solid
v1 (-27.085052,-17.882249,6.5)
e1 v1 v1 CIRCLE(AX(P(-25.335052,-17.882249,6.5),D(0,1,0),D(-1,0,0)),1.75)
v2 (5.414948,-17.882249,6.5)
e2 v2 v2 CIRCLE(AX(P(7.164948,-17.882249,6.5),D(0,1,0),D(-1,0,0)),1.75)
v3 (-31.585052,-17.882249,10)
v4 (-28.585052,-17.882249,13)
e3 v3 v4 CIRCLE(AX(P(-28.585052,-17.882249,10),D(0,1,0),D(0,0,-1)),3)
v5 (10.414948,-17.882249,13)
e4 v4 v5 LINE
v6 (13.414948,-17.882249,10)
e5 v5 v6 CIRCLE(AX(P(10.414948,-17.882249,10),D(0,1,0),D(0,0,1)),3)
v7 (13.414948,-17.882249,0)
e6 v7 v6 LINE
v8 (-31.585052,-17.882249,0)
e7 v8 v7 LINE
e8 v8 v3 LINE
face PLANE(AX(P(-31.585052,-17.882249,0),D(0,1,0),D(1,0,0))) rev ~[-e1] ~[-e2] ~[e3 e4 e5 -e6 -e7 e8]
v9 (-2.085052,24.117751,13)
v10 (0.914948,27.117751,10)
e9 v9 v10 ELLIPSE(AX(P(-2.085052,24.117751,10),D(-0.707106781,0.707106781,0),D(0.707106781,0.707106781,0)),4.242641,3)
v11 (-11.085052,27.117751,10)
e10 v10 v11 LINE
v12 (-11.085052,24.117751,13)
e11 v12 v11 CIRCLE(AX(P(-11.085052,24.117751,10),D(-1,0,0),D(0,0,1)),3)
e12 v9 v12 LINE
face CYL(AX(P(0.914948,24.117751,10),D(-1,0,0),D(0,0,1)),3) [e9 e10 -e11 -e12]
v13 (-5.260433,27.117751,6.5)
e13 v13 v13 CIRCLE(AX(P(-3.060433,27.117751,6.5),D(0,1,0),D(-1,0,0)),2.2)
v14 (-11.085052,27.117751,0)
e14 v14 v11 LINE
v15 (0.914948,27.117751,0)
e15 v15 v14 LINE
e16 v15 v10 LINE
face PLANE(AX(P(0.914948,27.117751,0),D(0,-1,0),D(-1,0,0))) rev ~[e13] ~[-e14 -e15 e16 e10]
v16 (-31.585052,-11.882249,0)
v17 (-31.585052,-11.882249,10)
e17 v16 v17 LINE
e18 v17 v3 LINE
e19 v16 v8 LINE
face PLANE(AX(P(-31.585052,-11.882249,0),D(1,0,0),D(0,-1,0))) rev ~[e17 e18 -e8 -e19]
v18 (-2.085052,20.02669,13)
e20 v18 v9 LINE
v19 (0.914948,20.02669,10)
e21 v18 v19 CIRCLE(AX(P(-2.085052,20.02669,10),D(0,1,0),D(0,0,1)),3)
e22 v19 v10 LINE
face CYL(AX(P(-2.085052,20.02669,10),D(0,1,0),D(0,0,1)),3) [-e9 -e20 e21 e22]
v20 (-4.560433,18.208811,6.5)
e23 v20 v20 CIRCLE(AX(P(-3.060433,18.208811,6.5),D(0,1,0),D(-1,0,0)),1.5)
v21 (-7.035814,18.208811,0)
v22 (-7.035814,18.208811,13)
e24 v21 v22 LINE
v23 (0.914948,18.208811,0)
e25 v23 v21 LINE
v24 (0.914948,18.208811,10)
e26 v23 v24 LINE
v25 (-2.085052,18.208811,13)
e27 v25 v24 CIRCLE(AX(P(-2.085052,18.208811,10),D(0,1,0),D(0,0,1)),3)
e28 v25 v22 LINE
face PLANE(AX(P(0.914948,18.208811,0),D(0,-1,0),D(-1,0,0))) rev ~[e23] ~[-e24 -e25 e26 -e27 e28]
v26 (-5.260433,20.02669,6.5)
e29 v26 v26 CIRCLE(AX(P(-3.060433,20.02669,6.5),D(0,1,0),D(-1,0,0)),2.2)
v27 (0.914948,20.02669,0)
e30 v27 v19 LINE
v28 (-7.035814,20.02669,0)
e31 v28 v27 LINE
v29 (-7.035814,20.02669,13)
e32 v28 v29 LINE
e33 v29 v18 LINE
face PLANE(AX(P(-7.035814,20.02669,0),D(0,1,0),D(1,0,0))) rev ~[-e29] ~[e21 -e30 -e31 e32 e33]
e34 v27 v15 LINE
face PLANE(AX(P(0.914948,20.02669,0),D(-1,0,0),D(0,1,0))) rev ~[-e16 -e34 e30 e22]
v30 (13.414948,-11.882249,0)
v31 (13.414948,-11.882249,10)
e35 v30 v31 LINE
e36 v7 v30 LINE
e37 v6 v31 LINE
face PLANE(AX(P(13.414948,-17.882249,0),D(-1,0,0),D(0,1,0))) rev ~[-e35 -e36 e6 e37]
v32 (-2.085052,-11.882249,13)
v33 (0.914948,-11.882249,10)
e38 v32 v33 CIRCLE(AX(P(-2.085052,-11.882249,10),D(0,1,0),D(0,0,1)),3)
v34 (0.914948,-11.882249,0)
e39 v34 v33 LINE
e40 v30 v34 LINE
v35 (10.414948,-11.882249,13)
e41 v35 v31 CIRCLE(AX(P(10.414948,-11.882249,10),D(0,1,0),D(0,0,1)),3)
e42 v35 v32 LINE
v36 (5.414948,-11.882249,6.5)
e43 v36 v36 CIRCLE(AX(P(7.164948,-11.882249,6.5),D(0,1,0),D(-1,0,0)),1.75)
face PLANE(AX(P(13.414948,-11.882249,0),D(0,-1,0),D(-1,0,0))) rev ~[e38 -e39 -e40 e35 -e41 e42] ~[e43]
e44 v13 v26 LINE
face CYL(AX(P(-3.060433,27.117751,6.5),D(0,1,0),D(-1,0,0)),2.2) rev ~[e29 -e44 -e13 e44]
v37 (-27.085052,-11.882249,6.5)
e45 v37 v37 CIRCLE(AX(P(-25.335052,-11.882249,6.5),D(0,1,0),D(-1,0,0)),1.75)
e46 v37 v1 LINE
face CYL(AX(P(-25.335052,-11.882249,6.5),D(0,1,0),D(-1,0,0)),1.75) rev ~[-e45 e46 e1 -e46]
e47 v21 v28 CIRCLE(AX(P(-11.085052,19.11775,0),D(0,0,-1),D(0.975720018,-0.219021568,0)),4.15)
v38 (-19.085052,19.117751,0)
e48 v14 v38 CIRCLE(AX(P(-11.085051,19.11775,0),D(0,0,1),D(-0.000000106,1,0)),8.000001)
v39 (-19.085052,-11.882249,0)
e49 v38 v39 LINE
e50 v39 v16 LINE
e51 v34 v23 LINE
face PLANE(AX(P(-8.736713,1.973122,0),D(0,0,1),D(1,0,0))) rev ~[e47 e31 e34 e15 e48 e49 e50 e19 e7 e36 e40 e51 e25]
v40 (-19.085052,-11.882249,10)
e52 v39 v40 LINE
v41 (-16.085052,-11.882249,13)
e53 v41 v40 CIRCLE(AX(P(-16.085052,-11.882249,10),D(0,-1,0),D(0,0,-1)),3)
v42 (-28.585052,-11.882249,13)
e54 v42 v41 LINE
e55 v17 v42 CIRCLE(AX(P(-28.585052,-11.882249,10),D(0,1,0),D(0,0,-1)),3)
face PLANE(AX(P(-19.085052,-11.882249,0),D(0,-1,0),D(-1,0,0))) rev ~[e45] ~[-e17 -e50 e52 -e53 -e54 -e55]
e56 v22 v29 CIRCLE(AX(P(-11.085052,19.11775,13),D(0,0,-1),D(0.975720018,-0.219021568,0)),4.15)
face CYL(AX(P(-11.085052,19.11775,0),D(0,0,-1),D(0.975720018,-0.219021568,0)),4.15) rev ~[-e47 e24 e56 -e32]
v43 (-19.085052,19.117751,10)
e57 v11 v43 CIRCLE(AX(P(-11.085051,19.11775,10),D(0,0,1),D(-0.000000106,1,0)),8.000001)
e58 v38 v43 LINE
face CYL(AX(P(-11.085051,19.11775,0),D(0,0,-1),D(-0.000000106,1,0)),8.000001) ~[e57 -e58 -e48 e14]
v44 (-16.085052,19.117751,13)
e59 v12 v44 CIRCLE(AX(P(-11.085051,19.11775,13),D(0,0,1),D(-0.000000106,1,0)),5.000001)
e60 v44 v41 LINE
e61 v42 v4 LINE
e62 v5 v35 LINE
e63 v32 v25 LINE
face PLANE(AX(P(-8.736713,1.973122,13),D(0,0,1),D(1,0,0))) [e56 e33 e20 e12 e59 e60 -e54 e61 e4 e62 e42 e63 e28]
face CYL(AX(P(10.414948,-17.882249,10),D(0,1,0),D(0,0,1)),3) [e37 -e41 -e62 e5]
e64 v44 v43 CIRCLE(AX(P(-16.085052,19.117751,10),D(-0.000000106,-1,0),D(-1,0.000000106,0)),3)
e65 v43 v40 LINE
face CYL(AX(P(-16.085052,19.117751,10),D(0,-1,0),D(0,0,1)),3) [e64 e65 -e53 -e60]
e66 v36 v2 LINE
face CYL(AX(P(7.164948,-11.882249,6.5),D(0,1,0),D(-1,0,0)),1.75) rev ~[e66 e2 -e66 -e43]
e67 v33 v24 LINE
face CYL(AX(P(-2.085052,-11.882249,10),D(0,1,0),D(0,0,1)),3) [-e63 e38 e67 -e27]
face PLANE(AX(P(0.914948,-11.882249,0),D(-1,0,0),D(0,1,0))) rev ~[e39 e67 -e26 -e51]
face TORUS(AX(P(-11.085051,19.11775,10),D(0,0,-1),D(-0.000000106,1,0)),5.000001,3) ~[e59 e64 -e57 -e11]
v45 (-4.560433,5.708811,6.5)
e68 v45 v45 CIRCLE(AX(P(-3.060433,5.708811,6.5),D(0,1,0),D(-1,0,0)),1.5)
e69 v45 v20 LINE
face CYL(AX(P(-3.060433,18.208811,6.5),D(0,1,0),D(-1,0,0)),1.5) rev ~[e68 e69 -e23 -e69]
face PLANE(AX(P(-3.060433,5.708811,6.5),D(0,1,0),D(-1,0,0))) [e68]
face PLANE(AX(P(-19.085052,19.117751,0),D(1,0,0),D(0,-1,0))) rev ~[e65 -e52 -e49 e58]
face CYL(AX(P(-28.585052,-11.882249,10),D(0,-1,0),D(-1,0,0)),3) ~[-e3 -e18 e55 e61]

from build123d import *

# Parameters (mm, degrees)
F1_DEPTH = 13
F2_R     = 1.5
F3_DEPTH = 12.5
F4_R     = 2.2
F5_DEPTH = 8
F7_R     = 1.75
F6_R     = 1.75
F8_DEPTH = 25
F9_R     = 3


with BuildPart() as f1:
    # F0 (on Top) → F1 (new body)
    with BuildSketch(Plane.XY):
        with BuildLine():
            Line((-31.585052, -11.882249), (-31.585052, -17.882249))
            Line((-31.585052, -17.882249), (13.414948, -17.882249))
            Line((13.414948, -17.882249), (13.414948, -11.882249))
            Line((13.414948, -11.882249), (0.914948, -11.882249))
            Line((0.914948, -11.882249), (0.914948, 18.208811))
            Line((0.914948, 18.208811), (-7.035814, 18.208811))
            ThreePointArc((-7.035814, 18.208811), (-15.235052, 19.117751), (-7.035814, 20.02669))
            Line((-7.035814, 20.02669), (0.914948, 20.02669))
            Line((0.914948, 20.02669), (0.914948, 27.117751))
            Line((0.914948, 27.117751), (-11.085052, 27.117751))
            ThreePointArc((-11.085052, 27.117751), (-16.741906, 24.774605), (-19.085052, 19.117751))
            Line((-19.085052, 19.117751), (-19.085052, -11.882249))
            Line((-19.085052, -11.882249), (-31.585052, -11.882249))
        make_face()
    extrude(amount=F1_DEPTH)

    # F2 (on face) → F3 (cut, symmetric)
    with BuildSketch(Plane(origin=(0, 18.208811, 0), x_dir=(-1, 0, 0), z_dir=(0, 1, 0))):
        with Locations((3.060433, 6.5)):
            Circle(F2_R)
    extrude(amount=F3_DEPTH, both=True, mode=Mode.SUBTRACT)

    # F4 (on face) → F5 (cut)
    with BuildSketch(Plane(origin=(0, 27.117751, 0), x_dir=(-1, 0, 0), z_dir=(0, 1, 0))):
        with Locations((3.060433, 6.5)):
            Circle(F4_R)
    extrude(amount=-F5_DEPTH, mode=Mode.SUBTRACT)

    # F7 (on face) + F6 (on face) → F8 (cut)
    with BuildSketch(Plane(origin=(0, -11.882249, 0), x_dir=(-1, 0, 0), z_dir=(0, 1, 0))):
        with Locations((25.335052, 6.5)):
            Circle(F7_R)
    with BuildSketch(Plane(origin=(0, -11.882249, 0), x_dir=(-1, 0, 0), z_dir=(0, 1, 0))):
        with Locations((-7.164948, 6.5)):
            Circle(F6_R)
    extrude(amount=-F8_DEPTH, mode=Mode.SUBTRACT)

    # F9
    f9_edges = [f1.edges().sort_by_distance(p)[0] for p in [
        (13.414948, -14.882249, 13),
        (-31.585052, -14.882249, 13),
        (0.914948, 3.163281, 13),
        (0.914948, 23.57222, 13),
        (-19.085052, 3.617751, 13),
    ]]
    fillet(f9_edges, radius=F9_R)


solid = f1.part
